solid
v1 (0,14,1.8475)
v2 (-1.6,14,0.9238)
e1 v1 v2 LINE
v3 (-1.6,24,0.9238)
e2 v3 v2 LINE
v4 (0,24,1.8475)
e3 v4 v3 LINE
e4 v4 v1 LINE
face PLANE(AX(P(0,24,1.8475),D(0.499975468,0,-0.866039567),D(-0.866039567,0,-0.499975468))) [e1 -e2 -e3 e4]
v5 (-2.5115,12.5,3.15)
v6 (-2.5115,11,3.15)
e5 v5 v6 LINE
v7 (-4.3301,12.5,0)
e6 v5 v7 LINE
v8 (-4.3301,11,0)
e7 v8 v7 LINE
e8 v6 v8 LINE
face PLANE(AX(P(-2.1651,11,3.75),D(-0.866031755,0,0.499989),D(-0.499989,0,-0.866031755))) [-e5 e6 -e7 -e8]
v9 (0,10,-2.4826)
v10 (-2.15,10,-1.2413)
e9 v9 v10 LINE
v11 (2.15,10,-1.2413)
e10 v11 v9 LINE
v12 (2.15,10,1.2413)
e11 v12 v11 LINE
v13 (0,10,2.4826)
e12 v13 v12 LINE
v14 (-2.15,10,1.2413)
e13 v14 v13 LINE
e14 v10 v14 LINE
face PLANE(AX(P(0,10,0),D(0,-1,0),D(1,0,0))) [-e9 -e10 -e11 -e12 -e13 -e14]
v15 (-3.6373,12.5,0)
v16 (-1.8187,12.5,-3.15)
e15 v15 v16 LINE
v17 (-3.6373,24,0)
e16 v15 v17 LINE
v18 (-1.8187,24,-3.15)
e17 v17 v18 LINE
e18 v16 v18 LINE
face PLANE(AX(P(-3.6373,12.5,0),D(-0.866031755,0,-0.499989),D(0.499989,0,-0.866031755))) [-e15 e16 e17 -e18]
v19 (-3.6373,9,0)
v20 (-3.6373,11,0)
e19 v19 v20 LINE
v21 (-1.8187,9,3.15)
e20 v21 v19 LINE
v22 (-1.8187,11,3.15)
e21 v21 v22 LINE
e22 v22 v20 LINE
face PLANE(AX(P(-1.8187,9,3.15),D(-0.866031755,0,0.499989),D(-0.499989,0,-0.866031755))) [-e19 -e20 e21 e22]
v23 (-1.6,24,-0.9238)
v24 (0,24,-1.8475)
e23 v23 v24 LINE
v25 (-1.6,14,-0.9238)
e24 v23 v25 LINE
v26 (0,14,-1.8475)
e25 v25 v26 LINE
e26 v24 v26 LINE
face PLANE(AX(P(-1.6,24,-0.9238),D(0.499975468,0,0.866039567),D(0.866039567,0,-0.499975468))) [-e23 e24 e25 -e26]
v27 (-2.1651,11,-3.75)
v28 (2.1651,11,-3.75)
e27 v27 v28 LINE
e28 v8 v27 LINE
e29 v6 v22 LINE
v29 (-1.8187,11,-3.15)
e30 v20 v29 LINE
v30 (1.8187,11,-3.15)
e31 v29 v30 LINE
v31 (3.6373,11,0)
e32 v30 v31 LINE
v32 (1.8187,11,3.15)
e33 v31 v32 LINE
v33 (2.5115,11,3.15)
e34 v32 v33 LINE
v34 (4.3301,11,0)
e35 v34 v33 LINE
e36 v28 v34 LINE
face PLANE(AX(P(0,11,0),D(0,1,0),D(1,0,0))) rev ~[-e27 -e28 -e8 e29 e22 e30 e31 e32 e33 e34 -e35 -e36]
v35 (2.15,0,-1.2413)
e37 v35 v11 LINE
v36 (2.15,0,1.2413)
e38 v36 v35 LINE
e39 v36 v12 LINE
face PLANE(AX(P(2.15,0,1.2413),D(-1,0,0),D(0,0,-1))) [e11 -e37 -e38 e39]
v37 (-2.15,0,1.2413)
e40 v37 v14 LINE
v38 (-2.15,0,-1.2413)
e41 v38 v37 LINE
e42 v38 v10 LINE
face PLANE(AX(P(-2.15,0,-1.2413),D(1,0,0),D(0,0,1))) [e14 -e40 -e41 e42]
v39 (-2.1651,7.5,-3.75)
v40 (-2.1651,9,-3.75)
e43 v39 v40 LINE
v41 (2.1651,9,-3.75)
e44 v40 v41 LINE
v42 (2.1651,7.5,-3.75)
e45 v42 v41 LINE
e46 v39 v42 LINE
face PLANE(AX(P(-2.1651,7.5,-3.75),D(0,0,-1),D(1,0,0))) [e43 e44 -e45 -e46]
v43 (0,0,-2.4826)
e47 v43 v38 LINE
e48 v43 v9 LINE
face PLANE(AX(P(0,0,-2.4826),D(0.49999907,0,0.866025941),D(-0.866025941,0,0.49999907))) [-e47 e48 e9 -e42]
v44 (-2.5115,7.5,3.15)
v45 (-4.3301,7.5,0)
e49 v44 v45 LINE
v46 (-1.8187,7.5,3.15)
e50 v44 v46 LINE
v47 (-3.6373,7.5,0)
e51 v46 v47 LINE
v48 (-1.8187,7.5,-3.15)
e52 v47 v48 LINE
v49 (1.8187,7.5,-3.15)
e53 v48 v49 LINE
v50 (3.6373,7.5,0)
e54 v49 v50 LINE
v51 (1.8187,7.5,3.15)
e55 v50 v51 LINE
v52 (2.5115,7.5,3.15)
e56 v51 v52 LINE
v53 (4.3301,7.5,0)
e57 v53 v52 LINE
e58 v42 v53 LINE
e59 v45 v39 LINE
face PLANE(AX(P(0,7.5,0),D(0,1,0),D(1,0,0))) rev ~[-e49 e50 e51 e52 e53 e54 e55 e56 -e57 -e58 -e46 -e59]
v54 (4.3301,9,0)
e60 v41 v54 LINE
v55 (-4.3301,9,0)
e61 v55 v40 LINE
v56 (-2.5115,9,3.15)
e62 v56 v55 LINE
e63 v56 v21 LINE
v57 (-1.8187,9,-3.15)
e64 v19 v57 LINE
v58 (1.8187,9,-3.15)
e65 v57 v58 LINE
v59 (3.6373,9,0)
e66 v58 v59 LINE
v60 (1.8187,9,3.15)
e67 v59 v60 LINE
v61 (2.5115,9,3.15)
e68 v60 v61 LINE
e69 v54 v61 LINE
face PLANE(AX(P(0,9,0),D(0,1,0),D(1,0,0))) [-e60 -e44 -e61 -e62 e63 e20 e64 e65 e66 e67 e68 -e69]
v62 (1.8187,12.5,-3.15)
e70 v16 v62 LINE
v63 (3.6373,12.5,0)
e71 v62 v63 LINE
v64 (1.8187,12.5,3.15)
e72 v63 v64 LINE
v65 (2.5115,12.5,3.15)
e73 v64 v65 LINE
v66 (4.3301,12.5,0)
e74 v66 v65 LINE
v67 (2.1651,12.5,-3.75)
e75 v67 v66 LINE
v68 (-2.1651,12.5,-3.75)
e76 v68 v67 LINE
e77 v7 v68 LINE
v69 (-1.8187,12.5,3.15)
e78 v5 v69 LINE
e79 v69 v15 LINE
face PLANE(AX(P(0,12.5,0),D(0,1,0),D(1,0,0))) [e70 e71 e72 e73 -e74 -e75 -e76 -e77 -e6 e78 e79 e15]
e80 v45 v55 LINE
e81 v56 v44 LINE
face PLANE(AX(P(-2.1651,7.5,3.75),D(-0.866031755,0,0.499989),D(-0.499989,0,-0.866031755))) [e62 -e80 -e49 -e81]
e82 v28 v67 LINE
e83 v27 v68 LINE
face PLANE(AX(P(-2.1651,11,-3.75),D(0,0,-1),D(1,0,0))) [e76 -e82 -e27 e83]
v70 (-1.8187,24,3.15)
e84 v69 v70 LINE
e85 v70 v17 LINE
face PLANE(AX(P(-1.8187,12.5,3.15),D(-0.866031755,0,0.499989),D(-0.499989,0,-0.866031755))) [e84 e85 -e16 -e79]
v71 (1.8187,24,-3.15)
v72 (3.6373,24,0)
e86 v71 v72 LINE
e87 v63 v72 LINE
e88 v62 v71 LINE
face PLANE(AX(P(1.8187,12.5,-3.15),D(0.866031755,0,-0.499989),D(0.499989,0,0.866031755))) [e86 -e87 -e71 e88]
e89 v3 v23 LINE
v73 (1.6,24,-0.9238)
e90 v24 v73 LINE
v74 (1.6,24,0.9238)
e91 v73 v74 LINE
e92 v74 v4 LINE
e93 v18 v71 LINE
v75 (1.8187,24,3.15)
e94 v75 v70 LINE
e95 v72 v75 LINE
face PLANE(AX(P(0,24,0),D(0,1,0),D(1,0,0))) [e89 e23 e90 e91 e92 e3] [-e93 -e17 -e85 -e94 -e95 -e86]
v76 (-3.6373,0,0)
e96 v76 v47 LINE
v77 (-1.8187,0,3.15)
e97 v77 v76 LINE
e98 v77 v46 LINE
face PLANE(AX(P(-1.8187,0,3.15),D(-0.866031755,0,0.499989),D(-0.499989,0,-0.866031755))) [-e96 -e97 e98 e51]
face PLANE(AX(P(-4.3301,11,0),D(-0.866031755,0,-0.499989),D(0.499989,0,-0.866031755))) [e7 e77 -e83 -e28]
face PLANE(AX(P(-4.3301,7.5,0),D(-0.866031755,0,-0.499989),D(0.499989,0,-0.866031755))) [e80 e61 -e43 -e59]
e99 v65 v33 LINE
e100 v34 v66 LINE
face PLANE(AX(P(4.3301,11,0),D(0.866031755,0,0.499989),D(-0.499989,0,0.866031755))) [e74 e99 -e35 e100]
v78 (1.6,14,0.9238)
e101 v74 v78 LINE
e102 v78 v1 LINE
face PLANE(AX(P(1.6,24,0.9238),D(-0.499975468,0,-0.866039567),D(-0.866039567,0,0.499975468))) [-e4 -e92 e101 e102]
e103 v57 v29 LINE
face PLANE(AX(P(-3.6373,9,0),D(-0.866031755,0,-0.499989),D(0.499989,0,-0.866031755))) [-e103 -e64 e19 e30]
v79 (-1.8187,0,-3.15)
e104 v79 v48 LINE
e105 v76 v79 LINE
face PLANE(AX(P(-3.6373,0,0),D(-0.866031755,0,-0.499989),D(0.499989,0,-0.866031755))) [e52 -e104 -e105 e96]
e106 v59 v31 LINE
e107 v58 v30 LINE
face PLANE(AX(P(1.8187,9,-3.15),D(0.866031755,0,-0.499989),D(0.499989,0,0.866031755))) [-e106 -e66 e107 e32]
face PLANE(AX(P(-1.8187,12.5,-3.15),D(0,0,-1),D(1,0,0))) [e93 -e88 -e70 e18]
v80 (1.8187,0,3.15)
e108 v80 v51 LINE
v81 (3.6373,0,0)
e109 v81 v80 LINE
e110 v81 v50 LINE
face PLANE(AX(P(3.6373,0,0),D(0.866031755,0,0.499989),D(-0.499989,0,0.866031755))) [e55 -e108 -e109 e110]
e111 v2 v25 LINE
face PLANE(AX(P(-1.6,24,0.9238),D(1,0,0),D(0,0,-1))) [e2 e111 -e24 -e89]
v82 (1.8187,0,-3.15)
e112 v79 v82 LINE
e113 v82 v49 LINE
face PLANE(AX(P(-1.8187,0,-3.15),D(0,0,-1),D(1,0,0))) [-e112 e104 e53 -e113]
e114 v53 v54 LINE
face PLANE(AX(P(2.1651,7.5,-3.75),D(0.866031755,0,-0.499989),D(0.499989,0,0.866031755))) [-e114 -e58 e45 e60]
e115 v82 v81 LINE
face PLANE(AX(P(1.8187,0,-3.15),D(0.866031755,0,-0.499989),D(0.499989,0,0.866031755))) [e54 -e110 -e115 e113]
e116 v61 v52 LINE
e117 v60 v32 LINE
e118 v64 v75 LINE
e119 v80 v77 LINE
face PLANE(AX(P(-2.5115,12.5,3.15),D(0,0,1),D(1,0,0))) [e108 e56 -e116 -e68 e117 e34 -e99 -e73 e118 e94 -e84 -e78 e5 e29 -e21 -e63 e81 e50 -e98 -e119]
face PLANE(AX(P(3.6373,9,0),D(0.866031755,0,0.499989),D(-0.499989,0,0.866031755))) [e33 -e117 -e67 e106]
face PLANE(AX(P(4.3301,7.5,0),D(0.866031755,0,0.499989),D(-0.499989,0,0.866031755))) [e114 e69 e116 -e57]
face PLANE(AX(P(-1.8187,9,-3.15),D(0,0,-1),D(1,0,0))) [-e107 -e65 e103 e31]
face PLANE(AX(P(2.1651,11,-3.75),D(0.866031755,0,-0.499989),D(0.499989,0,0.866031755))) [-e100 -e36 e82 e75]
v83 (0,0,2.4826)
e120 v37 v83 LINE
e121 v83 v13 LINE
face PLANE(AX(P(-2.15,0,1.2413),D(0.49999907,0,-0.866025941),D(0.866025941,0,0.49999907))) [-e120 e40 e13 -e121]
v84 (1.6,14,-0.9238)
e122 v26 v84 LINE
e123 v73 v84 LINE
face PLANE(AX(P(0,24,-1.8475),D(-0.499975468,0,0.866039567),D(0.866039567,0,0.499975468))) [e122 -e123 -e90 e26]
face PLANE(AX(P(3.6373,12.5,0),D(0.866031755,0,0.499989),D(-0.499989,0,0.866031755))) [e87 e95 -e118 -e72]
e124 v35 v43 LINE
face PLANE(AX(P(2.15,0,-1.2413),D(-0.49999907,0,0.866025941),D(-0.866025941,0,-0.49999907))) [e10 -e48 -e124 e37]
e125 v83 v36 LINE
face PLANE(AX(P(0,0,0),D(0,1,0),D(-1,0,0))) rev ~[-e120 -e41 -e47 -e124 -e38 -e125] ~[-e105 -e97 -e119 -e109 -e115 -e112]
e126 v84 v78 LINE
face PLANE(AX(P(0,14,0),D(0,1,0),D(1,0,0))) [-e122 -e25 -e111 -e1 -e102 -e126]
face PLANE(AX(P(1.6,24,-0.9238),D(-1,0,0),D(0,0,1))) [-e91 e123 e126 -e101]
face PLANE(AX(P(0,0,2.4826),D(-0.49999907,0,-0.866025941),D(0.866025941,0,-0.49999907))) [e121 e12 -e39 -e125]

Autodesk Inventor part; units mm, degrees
ref_plane "YZ Plane" through (0, 0, 0) normal (1, 0, 0) x (0, 1, 0)
ref_plane "XZ Plane" through (0, 0, 0) normal (0, 1, 0) x (-1, 0, 0)
ref_plane "XY Plane" through (0, 0, 0) normal (0, 0, 1) x (1, 0, 0)
sketch "Sketch2" plane through (0, 0, 0) normal (0, 1, 0) x (-1, 0, 0)
  line L0 (3.6373, 0) -> (1.8187, -3.15)
  line L1 (1.8187, -3.15) -> (-1.8187, -3.15)
  line L2 (-1.8187, -3.15) -> (-3.6373, 0)
  line L3 (-3.6373, 0) -> (-1.8187, 3.15)
  line L4 (-1.8187, 3.15) -> (1.8187, 3.15)
  line L5 (1.8187, 3.15) -> (3.6373, 0)
  point P0 (0, 0)
  point P1 (0, 0)
  dimension "d0" = 6.3
extrude "Joint End" add sketch "Sketch2" along normal blind 7.5
sketch "Sketch3" plane through (0, 7.5, 0) normal (0, 1, 0) x (1, 0, 0)
  line L0 (4.3301, 0) -> (2.1651, -3.75)
  line L1 (2.1651, -3.75) -> (-2.1651, -3.75)
  line L2 (-2.1651, -3.75) -> (-4.3301, 0)
  line L3 (-4.3301, 0) -> (-2.1651, 3.75)
  line L4 (-2.1651, 3.75) -> (2.1651, 3.75)
  line L5 (2.1651, 3.75) -> (4.3301, 0)
  point P0 (0, 0)
  point P1 (0, 0)
  dimension "d3" = 7.5
extrude "Spring Stop 1" add sketch "Sketch3" along normal blind 1.5
sketch "Sketch4" plane through (0, 9, 0) normal (0, 1, 0) x (1, 0, 0)
  line L0 (3.6373, 0) -> (1.8187, -3.15)
  line L1 (1.8187, -3.15) -> (-1.8187, -3.15)
  line L2 (-1.8187, -3.15) -> (-3.6373, 0)
  line L3 (-3.6373, 0) -> (-1.8187, 3.15)
  line L4 (-1.8187, 3.15) -> (1.8187, 3.15)
  line L5 (1.8187, 3.15) -> (3.6373, 0)
  point P0 (0, 0)
  point P1 (0, 0)
  point P2 (0, 0)
  dimension "d6" = 6.3
extrude "Spring Slot" add sketch "Sketch4" along normal blind 2
sketch "Sketch5" plane through (0, 11, 0) normal (0, 1, 0) x (1, 0, 0)
  line L0 (4.3301, 0) -> (2.1651, -3.75)
  line L1 (2.1651, -3.75) -> (-2.1651, -3.75)
  line L2 (-2.1651, -3.75) -> (-4.3301, 0)
  line L3 (-4.3301, 0) -> (-2.1651, 3.75)
  line L4 (-2.1651, 3.75) -> (2.1651, 3.75)
  line L5 (2.1651, 3.75) -> (4.3301, 0)
  point P0 (0, 0)
  point P1 (0, 0)
  dimension "d9" = 7.5
extrude "Spring Stop 2" add sketch "Sketch5" along normal blind 1.5
sketch "Sketch6" plane through (0, 12.5, 0) normal (0, 1, 0) x (1, 0, 0)
  line L0 (3.6373, 0) -> (1.8187, -3.15)
  line L1 (1.8187, -3.15) -> (-1.8187, -3.15)
  line L2 (-1.8187, -3.15) -> (-3.6373, 0)
  line L3 (-3.6373, 0) -> (-1.8187, 3.15)
  line L4 (-1.8187, 3.15) -> (1.8187, 3.15)
  line L5 (1.8187, 3.15) -> (3.6373, 0)
  point P0 (0, 0)
  point P1 (0, 0)
  dimension "d12" = 6.3
extrude "Carbon End" add sketch "Sketch6" along normal blind 11.5
sketch "Sketch10" plane through (0, 0, 0) normal (0, -1, 0) x (1, 0, 0)
  line L0 (0, -2.4826) -> (-2.15, -1.2413)
  line L1 (-2.15, -1.2413) -> (-2.15, 1.2413)
  line L2 (-2.15, 1.2413) -> (0, 2.4826)
  line L3 (0, 2.4826) -> (2.15, 1.2413)
  line L4 (2.15, 1.2413) -> (2.15, -1.2413)
  line L5 (2.15, -1.2413) -> (0, -2.4826)
  point P0 (0, 0)
  point P1 (0, 0)
  dimension "d27" = 4.3
extrude "Arm Hole" cut sketch "Sketch10" against normal blind 10
sketch "Sketch11" plane through (0, 24, 0) normal (0, 1, 0) x (1, 0, 0)
  line L0 (0, -1.8475) -> (-1.6, -0.9238)
  line L1 (-1.6, -0.9238) -> (-1.6, 0.9238)
  line L2 (-1.6, 0.9238) -> (0, 1.8475)
  line L3 (0, 1.8475) -> (1.6, 0.9238)
  line L4 (1.6, 0.9238) -> (1.6, -0.9238)
  line L5 (1.6, -0.9238) -> (0, -1.8475)
  point P0 (0, 0)
  point P1 (0, 0)
  dimension "d30" = 3.2
  dimension "d31" = 3.695
extrude "Carbon Hole" cut sketch "Sketch11" against normal blind 10
sketch "Sketch12" plane through (0, 12.5, 0) normal (0, 1, 0) x (1, 0, 0)
  line L0 (2.1651, -3.75) -> (4.3301, 0) projected
  line L1 (-4.3301, 0) -> (-2.1651, -3.75) projected
  line L2 (-2.1651, -3.75) -> (2.1651, -3.75) projected
  line L3 (-2.5115, -3.15) -> (2.5115, -3.15)
  line L4 (2.5115, -3.15) -> (2.1651, -3.75)
  line L5 (2.1651, -3.75) -> (-2.1651, -3.75)
  line L6 (-2.1651, -3.75) -> (-2.5115, -3.15)
  point P0 (0, 0)
extrude "Bottom Cutout" cut sketch "Sketch12" against normal blind 5
properties part number "3DR-Rod-Adapter-Enlightx-v2"
